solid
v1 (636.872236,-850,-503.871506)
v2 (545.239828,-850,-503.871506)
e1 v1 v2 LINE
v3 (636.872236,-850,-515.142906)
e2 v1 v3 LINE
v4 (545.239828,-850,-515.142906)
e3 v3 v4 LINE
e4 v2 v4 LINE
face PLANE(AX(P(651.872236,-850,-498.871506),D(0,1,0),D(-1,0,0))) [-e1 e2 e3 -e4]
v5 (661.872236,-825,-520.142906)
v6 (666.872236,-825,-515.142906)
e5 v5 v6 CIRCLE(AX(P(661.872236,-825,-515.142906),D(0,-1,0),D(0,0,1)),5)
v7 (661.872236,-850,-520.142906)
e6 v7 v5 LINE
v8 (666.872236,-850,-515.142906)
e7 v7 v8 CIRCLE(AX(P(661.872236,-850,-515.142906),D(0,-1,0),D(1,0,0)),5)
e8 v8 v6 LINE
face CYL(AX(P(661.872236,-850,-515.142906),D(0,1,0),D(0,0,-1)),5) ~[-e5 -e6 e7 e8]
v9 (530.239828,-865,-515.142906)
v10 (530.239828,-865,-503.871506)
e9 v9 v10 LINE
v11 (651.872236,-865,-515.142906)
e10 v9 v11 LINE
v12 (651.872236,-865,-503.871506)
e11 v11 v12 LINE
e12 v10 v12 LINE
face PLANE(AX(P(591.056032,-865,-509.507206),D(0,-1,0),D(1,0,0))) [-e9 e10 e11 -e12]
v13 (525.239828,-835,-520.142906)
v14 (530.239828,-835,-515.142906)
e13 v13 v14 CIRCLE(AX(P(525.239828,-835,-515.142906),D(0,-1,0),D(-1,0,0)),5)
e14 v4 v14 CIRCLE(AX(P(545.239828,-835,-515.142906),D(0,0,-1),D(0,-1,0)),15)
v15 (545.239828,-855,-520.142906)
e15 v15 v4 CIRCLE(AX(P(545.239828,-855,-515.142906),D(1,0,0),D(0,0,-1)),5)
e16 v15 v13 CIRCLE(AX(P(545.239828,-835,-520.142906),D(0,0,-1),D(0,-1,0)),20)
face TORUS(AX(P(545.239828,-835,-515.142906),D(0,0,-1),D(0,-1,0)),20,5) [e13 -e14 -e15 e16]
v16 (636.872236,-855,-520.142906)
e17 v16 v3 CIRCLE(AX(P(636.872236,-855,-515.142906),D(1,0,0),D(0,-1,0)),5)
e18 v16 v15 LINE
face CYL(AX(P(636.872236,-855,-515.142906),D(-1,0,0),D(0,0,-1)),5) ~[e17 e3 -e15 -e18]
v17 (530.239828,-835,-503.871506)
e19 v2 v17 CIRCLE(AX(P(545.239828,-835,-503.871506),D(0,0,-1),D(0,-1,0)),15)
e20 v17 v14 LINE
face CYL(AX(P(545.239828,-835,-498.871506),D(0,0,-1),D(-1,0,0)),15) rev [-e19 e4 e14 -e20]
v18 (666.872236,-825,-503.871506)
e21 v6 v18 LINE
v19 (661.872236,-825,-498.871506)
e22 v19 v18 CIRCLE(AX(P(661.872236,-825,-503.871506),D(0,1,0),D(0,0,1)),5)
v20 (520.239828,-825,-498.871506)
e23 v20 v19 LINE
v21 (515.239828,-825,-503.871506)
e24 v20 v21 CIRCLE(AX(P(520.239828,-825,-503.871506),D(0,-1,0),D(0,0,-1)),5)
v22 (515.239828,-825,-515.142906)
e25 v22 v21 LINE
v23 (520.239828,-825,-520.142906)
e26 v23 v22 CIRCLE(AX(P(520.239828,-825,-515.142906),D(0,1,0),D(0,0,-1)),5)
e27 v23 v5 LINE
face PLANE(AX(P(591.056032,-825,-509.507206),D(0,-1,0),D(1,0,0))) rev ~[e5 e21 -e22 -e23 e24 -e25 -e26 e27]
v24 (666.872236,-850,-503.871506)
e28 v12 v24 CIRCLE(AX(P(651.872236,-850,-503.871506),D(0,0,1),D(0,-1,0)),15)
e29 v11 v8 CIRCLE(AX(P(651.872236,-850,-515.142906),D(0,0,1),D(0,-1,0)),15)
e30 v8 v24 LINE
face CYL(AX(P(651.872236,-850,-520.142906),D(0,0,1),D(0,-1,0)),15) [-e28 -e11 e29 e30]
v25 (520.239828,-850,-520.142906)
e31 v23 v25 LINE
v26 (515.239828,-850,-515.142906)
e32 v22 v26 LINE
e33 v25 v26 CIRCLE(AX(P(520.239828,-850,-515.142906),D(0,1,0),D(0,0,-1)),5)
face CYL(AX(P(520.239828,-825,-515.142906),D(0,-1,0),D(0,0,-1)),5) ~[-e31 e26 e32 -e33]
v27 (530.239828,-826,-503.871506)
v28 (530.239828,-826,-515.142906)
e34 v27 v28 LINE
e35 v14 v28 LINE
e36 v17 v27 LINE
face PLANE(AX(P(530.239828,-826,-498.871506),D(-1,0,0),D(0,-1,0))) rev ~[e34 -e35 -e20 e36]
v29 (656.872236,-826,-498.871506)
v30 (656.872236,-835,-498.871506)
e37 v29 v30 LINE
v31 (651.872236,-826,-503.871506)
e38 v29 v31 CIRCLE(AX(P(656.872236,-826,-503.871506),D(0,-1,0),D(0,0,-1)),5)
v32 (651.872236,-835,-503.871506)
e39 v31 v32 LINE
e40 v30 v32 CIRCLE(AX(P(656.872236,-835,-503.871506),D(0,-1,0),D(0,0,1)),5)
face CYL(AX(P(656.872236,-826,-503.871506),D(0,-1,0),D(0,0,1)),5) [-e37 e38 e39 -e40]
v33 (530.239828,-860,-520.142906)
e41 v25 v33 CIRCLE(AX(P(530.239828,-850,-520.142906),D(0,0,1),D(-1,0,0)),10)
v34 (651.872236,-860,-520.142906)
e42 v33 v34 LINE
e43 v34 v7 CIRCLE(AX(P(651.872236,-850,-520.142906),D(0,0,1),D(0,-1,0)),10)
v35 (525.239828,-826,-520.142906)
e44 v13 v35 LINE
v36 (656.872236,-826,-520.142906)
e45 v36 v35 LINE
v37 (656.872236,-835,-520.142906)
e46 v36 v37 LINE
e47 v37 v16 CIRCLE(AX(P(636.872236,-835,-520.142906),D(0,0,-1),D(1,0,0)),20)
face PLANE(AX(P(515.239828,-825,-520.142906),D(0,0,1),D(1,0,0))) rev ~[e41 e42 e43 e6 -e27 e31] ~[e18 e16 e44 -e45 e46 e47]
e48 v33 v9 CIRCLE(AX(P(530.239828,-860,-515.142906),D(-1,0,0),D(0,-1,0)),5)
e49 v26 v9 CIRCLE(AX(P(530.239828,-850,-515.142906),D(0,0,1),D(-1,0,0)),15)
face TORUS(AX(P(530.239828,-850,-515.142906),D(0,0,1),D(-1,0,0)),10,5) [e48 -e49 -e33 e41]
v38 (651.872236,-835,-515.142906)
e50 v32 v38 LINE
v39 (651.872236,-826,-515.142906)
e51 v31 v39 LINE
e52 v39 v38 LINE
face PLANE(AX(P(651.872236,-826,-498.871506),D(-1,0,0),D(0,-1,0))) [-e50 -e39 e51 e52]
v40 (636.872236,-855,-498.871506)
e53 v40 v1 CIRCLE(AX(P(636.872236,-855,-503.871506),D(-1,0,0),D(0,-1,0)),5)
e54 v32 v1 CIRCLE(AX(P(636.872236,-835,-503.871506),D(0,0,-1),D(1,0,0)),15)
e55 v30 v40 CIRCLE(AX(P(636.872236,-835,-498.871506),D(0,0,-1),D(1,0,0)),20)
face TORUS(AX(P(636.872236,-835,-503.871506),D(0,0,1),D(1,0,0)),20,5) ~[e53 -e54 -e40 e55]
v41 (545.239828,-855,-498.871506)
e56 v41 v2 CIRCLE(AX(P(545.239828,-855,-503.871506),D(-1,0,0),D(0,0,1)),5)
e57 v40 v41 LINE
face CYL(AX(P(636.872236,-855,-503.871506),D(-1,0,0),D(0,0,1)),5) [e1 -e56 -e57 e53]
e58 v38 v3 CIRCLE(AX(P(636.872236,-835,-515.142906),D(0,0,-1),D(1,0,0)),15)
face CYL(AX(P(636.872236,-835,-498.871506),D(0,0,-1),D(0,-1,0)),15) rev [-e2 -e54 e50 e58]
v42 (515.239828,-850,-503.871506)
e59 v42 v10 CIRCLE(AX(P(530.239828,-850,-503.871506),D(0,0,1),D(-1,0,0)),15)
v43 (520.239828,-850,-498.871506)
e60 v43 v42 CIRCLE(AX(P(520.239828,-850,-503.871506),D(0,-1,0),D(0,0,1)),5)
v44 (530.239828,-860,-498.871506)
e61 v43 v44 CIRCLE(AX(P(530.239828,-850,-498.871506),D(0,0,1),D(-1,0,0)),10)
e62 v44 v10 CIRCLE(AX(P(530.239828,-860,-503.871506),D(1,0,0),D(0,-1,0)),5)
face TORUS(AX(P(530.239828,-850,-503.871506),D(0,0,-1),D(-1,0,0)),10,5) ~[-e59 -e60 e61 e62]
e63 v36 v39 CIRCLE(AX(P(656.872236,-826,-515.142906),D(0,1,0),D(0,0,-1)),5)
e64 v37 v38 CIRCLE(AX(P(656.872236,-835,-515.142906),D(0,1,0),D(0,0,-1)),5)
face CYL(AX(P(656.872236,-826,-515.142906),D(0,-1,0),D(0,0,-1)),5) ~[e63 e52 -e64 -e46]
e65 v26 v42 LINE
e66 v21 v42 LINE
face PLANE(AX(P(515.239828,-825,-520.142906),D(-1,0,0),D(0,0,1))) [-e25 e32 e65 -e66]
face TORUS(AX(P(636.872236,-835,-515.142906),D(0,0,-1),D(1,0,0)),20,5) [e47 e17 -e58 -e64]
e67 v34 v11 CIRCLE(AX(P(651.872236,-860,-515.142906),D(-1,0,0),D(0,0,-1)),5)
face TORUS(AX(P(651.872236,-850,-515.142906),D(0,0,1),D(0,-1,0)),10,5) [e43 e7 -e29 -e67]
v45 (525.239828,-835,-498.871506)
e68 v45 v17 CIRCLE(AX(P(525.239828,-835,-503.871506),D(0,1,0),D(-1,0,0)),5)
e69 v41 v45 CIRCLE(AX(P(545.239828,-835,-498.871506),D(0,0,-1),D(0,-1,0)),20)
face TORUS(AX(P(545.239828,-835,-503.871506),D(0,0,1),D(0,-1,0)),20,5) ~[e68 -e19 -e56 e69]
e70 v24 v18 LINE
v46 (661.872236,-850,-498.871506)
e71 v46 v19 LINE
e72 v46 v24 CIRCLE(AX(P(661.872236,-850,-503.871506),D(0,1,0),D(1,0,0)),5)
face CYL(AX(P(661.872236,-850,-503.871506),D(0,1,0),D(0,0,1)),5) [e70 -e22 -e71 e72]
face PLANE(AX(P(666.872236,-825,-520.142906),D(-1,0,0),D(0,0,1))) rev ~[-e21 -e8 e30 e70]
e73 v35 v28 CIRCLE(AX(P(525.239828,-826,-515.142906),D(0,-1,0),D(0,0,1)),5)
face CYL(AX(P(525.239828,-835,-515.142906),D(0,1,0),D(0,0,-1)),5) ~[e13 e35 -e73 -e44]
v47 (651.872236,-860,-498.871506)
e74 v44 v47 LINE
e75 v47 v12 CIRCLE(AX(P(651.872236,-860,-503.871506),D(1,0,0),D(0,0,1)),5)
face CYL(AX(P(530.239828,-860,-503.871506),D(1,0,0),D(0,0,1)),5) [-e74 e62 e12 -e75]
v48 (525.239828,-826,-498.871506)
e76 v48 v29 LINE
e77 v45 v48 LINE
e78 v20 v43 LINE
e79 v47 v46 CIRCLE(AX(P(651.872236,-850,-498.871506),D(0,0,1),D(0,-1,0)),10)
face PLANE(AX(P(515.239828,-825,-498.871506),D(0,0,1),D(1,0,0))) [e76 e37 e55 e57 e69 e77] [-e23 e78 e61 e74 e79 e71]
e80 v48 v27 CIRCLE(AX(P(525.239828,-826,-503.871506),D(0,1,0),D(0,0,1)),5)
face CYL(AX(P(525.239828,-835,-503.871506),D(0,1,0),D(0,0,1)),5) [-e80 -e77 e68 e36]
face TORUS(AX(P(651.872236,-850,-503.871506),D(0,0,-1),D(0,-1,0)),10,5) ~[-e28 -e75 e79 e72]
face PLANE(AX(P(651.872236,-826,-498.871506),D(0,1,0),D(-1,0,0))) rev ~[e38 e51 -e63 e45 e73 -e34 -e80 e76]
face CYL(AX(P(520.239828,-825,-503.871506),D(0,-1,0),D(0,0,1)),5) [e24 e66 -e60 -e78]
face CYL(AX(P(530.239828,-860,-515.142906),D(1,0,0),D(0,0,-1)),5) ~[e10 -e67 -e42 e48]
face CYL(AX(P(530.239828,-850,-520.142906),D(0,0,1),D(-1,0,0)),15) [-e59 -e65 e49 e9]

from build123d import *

# Parameters (mm, degrees)
SKETCH024_W     = 151.632409
SKETCH024_H     = 21.2714
PAD014_DEPTH    = 40
SKETCH025_W     = 121.632409
SKETCH025_H     = 24
POCKET010_DEPTH = 21.2724
FILLET016_R     = 15
FILLET017_R     = 5


with BuildPart() as part:
    # Sketch024 (on Face1 of CopyPocket009) → Pad014 (new body)
    with BuildSketch(Plane.XZ.offset(825)):
        with Locations((591.056032, -509.507206)):
            Rectangle(SKETCH024_W, SKETCH024_H)
    extrude(amount=PAD014_DEPTH)

    # Sketch025 (on Face4 of Pad014) → Pocket010 (cut, through all)
    with BuildSketch(Plane(origin=(0, 0, -498.871506), x_dir=(-1, 0, 0), z_dir=(0, 0, 1))):
        with Locations((-591.056032, 838)):
            Rectangle(SKETCH025_W, SKETCH025_H)
    extrude(amount=-POCKET010_DEPTH, mode=Mode.SUBTRACT)

    # Fillet016
    fillet016_edges = [part.edges().sort_by_distance(p)[0] for p in [
        (666.872237, -865, -509.507206),
        (515.239828, -865, -509.507206),
        (530.239828, -850, -509.507206),
        (651.872237, -850, -509.507206),
    ]]
    fillet(fillet016_edges, radius=FILLET016_R)

    # Fillet017
    fillet017_edges = [part.edges().sort_by_distance(p)[0] for p in [
        (591.056032, -850, -498.871506),
        (591.056032, -865, -498.871506),
        (591.056032, -850, -520.142906),
        (591.056032, -865, -520.142906),
    ]]
    fillet(fillet017_edges, radius=FILLET017_R)


solid = part.part
